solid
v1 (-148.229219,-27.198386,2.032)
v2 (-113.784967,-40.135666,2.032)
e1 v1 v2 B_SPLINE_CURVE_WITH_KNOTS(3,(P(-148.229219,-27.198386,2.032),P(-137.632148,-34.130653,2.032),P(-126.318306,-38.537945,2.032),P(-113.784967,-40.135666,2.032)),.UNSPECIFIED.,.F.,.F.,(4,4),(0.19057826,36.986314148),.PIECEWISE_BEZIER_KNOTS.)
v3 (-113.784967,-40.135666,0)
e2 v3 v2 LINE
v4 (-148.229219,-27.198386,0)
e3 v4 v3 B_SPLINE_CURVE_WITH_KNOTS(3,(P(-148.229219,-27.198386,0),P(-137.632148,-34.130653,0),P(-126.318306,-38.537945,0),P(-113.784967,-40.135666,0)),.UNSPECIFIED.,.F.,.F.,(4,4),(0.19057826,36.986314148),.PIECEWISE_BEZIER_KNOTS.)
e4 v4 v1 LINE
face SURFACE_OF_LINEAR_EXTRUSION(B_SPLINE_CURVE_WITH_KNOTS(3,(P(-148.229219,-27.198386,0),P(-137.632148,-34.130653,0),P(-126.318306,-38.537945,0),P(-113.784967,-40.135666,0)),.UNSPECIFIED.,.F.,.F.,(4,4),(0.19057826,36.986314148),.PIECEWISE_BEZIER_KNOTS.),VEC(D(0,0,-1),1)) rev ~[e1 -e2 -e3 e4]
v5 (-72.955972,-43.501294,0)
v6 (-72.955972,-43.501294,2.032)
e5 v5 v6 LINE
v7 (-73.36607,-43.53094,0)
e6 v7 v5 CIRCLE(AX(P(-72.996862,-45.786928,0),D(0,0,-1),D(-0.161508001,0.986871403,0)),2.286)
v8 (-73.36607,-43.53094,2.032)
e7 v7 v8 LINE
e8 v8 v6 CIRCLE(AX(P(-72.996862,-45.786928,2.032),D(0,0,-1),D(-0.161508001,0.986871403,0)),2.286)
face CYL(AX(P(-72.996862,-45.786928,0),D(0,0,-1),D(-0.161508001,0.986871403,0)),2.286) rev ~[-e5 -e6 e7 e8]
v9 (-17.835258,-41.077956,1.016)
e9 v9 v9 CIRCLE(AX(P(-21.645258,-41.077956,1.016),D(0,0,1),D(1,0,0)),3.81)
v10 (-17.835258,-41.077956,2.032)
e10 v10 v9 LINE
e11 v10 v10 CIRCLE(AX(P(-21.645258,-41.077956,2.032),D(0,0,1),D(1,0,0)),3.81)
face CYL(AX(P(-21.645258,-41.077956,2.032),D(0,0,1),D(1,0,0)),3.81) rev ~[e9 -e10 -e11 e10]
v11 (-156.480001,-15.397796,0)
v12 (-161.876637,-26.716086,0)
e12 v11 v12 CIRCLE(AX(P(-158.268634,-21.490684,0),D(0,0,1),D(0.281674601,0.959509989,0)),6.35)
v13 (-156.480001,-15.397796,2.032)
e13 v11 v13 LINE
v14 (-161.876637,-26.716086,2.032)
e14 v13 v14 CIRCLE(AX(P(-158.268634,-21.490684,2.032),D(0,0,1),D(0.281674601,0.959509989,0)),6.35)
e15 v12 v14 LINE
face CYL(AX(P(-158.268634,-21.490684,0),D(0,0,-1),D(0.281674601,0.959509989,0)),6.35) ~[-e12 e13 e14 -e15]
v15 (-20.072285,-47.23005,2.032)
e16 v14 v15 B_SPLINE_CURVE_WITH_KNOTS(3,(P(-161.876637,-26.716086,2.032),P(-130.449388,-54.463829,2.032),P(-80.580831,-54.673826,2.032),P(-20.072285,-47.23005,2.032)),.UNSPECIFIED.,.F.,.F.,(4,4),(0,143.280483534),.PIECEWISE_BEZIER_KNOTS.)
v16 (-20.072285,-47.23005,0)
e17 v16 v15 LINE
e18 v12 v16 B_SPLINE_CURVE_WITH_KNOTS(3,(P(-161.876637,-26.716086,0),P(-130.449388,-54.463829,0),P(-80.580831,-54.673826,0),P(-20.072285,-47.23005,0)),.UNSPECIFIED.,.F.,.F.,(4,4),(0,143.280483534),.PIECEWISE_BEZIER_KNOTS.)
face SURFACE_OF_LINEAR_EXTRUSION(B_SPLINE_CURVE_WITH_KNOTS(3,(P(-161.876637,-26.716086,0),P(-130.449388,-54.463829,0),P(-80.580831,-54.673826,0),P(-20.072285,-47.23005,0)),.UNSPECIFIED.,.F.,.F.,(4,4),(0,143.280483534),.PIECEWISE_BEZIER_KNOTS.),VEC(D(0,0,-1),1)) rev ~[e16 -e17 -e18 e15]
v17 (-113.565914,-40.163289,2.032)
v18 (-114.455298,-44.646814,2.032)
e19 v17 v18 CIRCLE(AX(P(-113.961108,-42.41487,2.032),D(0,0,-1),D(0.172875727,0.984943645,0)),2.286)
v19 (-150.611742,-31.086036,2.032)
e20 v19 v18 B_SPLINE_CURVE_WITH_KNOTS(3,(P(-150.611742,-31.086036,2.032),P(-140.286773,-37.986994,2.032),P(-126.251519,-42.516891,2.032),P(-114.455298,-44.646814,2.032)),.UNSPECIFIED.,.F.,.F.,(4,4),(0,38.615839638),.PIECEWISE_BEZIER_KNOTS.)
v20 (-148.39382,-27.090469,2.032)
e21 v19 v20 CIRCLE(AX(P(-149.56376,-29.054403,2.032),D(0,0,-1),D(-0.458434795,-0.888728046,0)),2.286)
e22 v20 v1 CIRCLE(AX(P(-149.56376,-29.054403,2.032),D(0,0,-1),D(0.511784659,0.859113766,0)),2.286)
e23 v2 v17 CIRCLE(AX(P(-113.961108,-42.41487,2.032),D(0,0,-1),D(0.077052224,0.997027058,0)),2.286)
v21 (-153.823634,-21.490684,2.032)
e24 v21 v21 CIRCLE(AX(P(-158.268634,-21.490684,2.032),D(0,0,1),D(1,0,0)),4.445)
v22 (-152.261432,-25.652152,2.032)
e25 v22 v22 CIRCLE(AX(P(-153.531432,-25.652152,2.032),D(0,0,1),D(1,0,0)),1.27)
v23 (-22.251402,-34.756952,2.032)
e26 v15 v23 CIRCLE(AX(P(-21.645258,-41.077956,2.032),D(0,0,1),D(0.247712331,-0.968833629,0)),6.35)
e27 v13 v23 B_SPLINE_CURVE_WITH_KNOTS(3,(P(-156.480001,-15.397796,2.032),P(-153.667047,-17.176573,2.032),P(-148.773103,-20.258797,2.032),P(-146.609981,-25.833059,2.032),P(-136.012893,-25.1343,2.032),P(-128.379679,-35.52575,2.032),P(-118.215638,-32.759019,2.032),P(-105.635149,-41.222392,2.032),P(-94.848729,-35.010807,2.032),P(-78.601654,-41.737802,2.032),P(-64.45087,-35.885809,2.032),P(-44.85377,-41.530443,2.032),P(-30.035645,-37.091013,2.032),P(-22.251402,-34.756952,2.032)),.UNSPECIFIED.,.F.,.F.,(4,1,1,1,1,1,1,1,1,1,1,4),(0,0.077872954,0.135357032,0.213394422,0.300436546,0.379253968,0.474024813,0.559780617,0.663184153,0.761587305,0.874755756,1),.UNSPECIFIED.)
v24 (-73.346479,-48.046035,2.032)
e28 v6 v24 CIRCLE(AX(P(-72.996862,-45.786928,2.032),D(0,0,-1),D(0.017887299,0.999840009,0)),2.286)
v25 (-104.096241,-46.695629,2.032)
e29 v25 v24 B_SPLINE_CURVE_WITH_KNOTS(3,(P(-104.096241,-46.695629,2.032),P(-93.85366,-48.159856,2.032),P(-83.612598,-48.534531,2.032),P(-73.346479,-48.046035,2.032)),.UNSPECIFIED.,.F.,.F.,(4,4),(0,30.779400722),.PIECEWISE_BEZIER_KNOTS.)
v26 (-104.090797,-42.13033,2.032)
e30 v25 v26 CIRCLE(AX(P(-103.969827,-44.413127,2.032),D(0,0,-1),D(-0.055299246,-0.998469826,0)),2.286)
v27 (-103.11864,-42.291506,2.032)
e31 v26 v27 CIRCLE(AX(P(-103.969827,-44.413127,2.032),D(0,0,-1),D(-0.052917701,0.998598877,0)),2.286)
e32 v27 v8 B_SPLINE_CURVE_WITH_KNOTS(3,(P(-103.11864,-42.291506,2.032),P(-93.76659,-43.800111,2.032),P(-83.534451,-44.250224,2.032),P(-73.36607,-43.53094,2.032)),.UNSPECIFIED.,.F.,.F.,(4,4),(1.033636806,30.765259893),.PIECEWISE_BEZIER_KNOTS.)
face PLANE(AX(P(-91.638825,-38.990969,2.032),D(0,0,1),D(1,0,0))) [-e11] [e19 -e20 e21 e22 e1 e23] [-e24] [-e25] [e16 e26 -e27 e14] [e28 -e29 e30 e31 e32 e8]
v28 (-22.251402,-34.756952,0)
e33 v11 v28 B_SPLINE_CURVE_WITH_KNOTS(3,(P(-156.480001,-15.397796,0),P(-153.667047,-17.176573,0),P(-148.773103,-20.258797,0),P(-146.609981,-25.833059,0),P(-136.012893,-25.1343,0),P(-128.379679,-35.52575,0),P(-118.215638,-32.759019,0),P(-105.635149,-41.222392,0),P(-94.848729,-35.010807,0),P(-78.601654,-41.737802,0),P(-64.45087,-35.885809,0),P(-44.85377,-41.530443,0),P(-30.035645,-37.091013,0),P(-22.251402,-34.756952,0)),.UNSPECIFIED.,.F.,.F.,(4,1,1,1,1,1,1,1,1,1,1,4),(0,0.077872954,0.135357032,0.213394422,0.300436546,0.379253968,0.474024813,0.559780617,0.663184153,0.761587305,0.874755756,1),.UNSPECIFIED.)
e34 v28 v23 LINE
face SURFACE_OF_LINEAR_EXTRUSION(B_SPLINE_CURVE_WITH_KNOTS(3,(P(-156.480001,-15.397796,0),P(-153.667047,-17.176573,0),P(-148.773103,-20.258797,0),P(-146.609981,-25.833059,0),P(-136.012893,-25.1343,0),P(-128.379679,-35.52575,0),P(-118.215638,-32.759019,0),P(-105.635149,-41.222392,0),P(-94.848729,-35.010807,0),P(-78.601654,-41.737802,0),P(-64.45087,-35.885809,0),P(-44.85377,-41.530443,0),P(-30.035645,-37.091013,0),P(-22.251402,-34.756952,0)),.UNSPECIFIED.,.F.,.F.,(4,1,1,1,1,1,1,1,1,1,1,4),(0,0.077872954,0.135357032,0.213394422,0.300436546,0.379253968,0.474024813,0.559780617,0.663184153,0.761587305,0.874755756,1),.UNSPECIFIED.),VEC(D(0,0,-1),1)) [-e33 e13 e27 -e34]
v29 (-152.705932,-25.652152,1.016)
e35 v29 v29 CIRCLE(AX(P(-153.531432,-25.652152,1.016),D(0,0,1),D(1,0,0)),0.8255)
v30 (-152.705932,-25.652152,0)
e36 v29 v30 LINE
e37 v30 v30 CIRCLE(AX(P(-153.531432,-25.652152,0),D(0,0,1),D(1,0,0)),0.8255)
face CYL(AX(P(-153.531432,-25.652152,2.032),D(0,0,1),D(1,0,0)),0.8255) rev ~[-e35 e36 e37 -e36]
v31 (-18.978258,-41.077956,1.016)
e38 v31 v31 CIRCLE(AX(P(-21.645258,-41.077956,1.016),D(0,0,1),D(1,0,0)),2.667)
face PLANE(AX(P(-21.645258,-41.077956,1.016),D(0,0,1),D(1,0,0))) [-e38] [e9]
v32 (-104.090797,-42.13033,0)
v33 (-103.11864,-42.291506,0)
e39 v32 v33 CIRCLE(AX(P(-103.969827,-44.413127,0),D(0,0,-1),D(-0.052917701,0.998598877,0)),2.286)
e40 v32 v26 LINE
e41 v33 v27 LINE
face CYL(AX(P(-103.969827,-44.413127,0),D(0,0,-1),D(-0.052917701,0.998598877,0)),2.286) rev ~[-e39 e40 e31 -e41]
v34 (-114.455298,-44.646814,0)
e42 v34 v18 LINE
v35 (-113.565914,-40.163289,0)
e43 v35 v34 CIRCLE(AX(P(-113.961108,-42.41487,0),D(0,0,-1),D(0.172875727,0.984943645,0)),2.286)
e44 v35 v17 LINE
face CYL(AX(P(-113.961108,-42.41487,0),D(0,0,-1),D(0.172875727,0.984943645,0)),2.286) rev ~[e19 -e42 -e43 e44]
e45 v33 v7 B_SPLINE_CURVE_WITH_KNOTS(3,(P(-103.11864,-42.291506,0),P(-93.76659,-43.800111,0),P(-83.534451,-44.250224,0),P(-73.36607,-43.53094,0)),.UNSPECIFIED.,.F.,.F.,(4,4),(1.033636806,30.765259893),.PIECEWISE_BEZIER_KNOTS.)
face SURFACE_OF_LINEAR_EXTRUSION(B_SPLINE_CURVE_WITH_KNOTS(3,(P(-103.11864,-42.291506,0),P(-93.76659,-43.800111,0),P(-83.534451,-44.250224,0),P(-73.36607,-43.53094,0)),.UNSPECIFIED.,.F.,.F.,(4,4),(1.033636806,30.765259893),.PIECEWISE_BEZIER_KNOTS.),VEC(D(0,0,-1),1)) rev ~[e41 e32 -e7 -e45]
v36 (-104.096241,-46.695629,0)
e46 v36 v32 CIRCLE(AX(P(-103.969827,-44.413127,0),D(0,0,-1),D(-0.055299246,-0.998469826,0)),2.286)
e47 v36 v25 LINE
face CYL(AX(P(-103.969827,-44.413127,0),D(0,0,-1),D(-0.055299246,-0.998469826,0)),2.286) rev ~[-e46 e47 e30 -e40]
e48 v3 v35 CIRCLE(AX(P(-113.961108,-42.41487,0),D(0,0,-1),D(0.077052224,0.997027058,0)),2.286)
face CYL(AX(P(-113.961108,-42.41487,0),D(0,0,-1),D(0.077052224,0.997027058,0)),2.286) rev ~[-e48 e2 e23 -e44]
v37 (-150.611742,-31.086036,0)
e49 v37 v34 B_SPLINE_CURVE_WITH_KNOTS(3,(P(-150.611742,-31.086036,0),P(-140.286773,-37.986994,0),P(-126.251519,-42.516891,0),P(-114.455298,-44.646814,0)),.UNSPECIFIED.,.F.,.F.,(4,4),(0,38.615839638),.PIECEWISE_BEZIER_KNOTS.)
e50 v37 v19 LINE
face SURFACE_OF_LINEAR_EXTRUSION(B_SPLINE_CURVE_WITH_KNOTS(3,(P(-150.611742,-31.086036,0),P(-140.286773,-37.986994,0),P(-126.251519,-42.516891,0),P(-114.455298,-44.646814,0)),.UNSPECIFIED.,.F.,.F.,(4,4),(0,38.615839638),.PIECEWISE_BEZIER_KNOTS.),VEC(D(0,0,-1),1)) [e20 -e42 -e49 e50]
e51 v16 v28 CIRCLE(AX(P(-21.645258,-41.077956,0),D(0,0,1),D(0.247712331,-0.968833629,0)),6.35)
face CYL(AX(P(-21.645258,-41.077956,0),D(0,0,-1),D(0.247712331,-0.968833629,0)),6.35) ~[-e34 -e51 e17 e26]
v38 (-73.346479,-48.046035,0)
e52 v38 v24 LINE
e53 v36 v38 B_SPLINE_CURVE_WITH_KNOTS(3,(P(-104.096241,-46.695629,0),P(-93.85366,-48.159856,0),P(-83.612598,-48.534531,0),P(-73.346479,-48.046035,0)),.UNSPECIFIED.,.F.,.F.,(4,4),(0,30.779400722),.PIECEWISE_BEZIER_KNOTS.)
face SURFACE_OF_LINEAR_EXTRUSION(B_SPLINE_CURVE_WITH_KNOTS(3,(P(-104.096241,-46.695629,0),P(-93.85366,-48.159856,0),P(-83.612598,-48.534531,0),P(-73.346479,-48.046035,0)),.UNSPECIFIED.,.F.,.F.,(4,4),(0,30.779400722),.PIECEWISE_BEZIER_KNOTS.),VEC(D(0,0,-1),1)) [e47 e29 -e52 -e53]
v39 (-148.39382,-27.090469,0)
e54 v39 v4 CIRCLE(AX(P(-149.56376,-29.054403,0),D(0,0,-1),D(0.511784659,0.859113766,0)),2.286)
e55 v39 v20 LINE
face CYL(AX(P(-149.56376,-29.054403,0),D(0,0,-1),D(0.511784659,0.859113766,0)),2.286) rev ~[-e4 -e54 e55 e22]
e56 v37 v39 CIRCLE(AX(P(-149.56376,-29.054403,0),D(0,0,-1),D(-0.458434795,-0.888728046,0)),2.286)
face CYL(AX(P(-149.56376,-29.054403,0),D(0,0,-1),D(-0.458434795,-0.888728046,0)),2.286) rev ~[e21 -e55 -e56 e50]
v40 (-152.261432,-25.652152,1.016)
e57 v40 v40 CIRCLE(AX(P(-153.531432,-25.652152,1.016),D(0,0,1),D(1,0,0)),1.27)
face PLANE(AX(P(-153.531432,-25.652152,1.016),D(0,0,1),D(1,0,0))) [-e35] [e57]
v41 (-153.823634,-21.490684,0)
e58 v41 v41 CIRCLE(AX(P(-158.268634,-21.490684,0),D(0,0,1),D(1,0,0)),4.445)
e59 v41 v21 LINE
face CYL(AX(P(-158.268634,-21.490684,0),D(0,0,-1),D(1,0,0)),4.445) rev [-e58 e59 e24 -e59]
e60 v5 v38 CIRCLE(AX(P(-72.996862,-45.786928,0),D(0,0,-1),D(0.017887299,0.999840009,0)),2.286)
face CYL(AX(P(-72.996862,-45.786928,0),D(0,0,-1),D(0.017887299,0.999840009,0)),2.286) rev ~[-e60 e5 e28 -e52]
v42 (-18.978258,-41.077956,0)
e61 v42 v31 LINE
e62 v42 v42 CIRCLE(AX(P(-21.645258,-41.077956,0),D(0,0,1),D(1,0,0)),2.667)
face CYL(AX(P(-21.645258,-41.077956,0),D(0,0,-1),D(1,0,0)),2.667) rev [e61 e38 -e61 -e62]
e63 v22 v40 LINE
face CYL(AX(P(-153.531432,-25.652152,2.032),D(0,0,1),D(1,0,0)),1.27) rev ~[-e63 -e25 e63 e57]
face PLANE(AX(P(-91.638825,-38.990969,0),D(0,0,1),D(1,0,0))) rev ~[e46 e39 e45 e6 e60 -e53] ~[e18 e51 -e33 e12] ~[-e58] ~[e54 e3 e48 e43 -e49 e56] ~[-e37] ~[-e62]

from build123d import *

# Parameters (mm, degrees)
F0_R     = 2.667
F0_R_2   = 4.445
F1_DEPTH = 2.032
F2_R     = 3.81
F2_R_2   = 2.667
F3_DEPTH = 1.016
F4_R     = 0.8255
F5_DEPTH = 25.4
F6_R     = 1.27
F6_R_2   = 0.8255
F7_DEPTH = 1.016


with BuildPart() as f1:
    # F0 (on Top) → F1 (new body)
    with BuildSketch(Plane.XY):
        with BuildLine():
            add(Edge.make_bspline(
                [(-161.8766367465, -26.7160857284), (-130.4493884094, -54.4638294888), (-80.5808308072, -54.6738259655), (-20.0722847609, -47.2300497458)],
                knots=[0, 0, 0, 0, 143.280483534, 143.280483534, 143.280483534, 143.280483534], degree=3))
            ThreePointArc((-20.0722847609, -47.2300497458), (-15.390001915, -39.9851293612), (-22.2514018559, -34.7569523483))
            add(Edge.make_bspline(
                [(-156.4800007469, -15.3977959233), (-153.6670469943, -17.1765727386), (-148.7731033235, -20.2587965776), (-146.6099811998, -25.8330587175), (-136.0128934045, -25.1342998567), (-128.3796792681, -35.5257497726), (-118.2156379975, -32.7590187221), (-105.6351490845, -41.2223918449), (-94.8487286588, -35.010807072), (-78.6016535491, -41.7378023992), (-64.4508698612, -35.8858094626), (-44.8537704329, -41.5304431339), (-30.0356448791, -37.0910134537), (-22.2514018559, -34.7569523483)],
                knots=[0, 0, 0, 0, 0.0778729538, 0.1353570321, 0.2133944217, 0.300436546, 0.3792539685, 0.4740248133, 0.5597806174, 0.6631841528, 0.7615873053, 0.8747557561, 1, 1, 1, 1], degree=3))
            ThreePointArc((-156.4800007469, -15.3977959233), (-164.000427073, -18.7577274432), (-161.8766367465, -26.7160857284))
        make_face()
        with BuildLine():
            ThreePointArc((-148.393819837, -27.0904692349), (-148.310357627, -27.1426555234), (-148.2292193976, -27.1983864569))
            add(Edge.make_bspline(
                [(-148.2292193976, -27.1983864569), (-137.6321480969, -34.1306532721), (-126.3183058185, -38.5379448266), (-113.7849666433, -40.1356662582)],
                knots=[0.1905782604, 0.1905782604, 0.1905782604, 0.1905782604, 36.9863141476, 36.9863141476, 36.9863141476, 36.9863141476], degree=3))
            ThreePointArc((-113.7849666433, -40.1356662582), (-113.6751067023, -40.14683148), (-113.5659141167, -40.1632889417))
            ThreePointArc((-113.5659141167, -40.1632889417), (-111.7187992975, -42.8596706899), (-114.4552984959, -44.646813612))
            add(Edge.make_bspline(
                [(-150.611741506, -31.0860356173), (-140.2867734432, -37.9869937897), (-126.2515187263, -42.5168909132), (-114.4552984959, -44.646813612)],
                knots=[0, 0, 0, 0, 38.6158396383, 38.6158396383, 38.6158396383, 38.6158396383], degree=3))
            ThreePointArc((-150.611741506, -31.0860356173), (-151.5624731778, -27.9449259977), (-148.393819837, -27.0904692349))
        make_face(mode=Mode.SUBTRACT)
        with BuildLine():
            ThreePointArc((-104.0907971602, -42.1303299726), (-103.5959305004, -42.1579114528), (-103.1186399475, -42.2915059031))
            add(Edge.make_bspline(
                [(-103.1186399475, -42.2915059031), (-93.7665900622, -43.8001112121), (-83.5344509582, -44.2502244434), (-73.3660695221, -43.5309403586)],
                knots=[1.0336368061, 1.0336368061, 1.0336368061, 1.0336368061, 30.7652598931, 30.7652598931, 30.7652598931, 30.7652598931], degree=3))
            ThreePointArc((-73.3660695221, -43.5309403586), (-73.161688582, -43.5068783258), (-72.9559718672, -43.5012941239))
            ThreePointArc((-72.9559718672, -43.5012941239), (-70.7192546717, -45.9826317274), (-73.3464785843, -48.0460353787))
            add(Edge.make_bspline(
                [(-104.0962413714, -46.6956290273), (-93.8536599278, -48.1598563492), (-83.6125984788, -48.5345311463), (-73.3464785843, -48.0460353787)],
                knots=[0, 0, 0, 0, 30.7794007215, 30.7794007215, 30.7794007215, 30.7794007215], degree=3))
            ThreePointArc((-104.0962413714, -46.6956290273), (-106.2558256689, -44.4104009059), (-104.0907971602, -42.1303299726))
        make_face(mode=Mode.SUBTRACT)
        with Locations((-21.6452580647, -41.0779562009)):
            Circle(F0_R, mode=Mode.SUBTRACT)
        with Locations((-158.2686344631, -21.490684354)):
            Circle(F0_R_2, mode=Mode.SUBTRACT)
    extrude(amount=F1_DEPTH)

    # F2 (on face) → F3 (cut)
    with BuildSketch(Plane.XY.offset(2.032)):
        with Locations((-21.6452580647, -41.0779562009)):
            Circle(F2_R)
        with Locations((-21.6452580647, -41.0779562009)):
            Circle(F2_R_2, mode=Mode.SUBTRACT)
    extrude(amount=-F3_DEPTH, mode=Mode.SUBTRACT)

    # F4 (on face) → F5 (cut)
    with BuildSketch(Plane.XY.offset(2.032)):
        with Locations((-153.5314321518, -25.6521515548)):
            Circle(F4_R)
    extrude(amount=-F5_DEPTH, mode=Mode.SUBTRACT)

    # F6 (on face) → F7 (cut)
    with BuildSketch(Plane.XY.offset(2.032)):
        with Locations((-153.5314321518, -25.6521515548)):
            Circle(F6_R)
        with Locations((-153.5314321518, -25.6521515548)):
            Circle(F6_R_2, mode=Mode.SUBTRACT)
    extrude(amount=-F7_DEPTH, mode=Mode.SUBTRACT)


solid = f1.part
